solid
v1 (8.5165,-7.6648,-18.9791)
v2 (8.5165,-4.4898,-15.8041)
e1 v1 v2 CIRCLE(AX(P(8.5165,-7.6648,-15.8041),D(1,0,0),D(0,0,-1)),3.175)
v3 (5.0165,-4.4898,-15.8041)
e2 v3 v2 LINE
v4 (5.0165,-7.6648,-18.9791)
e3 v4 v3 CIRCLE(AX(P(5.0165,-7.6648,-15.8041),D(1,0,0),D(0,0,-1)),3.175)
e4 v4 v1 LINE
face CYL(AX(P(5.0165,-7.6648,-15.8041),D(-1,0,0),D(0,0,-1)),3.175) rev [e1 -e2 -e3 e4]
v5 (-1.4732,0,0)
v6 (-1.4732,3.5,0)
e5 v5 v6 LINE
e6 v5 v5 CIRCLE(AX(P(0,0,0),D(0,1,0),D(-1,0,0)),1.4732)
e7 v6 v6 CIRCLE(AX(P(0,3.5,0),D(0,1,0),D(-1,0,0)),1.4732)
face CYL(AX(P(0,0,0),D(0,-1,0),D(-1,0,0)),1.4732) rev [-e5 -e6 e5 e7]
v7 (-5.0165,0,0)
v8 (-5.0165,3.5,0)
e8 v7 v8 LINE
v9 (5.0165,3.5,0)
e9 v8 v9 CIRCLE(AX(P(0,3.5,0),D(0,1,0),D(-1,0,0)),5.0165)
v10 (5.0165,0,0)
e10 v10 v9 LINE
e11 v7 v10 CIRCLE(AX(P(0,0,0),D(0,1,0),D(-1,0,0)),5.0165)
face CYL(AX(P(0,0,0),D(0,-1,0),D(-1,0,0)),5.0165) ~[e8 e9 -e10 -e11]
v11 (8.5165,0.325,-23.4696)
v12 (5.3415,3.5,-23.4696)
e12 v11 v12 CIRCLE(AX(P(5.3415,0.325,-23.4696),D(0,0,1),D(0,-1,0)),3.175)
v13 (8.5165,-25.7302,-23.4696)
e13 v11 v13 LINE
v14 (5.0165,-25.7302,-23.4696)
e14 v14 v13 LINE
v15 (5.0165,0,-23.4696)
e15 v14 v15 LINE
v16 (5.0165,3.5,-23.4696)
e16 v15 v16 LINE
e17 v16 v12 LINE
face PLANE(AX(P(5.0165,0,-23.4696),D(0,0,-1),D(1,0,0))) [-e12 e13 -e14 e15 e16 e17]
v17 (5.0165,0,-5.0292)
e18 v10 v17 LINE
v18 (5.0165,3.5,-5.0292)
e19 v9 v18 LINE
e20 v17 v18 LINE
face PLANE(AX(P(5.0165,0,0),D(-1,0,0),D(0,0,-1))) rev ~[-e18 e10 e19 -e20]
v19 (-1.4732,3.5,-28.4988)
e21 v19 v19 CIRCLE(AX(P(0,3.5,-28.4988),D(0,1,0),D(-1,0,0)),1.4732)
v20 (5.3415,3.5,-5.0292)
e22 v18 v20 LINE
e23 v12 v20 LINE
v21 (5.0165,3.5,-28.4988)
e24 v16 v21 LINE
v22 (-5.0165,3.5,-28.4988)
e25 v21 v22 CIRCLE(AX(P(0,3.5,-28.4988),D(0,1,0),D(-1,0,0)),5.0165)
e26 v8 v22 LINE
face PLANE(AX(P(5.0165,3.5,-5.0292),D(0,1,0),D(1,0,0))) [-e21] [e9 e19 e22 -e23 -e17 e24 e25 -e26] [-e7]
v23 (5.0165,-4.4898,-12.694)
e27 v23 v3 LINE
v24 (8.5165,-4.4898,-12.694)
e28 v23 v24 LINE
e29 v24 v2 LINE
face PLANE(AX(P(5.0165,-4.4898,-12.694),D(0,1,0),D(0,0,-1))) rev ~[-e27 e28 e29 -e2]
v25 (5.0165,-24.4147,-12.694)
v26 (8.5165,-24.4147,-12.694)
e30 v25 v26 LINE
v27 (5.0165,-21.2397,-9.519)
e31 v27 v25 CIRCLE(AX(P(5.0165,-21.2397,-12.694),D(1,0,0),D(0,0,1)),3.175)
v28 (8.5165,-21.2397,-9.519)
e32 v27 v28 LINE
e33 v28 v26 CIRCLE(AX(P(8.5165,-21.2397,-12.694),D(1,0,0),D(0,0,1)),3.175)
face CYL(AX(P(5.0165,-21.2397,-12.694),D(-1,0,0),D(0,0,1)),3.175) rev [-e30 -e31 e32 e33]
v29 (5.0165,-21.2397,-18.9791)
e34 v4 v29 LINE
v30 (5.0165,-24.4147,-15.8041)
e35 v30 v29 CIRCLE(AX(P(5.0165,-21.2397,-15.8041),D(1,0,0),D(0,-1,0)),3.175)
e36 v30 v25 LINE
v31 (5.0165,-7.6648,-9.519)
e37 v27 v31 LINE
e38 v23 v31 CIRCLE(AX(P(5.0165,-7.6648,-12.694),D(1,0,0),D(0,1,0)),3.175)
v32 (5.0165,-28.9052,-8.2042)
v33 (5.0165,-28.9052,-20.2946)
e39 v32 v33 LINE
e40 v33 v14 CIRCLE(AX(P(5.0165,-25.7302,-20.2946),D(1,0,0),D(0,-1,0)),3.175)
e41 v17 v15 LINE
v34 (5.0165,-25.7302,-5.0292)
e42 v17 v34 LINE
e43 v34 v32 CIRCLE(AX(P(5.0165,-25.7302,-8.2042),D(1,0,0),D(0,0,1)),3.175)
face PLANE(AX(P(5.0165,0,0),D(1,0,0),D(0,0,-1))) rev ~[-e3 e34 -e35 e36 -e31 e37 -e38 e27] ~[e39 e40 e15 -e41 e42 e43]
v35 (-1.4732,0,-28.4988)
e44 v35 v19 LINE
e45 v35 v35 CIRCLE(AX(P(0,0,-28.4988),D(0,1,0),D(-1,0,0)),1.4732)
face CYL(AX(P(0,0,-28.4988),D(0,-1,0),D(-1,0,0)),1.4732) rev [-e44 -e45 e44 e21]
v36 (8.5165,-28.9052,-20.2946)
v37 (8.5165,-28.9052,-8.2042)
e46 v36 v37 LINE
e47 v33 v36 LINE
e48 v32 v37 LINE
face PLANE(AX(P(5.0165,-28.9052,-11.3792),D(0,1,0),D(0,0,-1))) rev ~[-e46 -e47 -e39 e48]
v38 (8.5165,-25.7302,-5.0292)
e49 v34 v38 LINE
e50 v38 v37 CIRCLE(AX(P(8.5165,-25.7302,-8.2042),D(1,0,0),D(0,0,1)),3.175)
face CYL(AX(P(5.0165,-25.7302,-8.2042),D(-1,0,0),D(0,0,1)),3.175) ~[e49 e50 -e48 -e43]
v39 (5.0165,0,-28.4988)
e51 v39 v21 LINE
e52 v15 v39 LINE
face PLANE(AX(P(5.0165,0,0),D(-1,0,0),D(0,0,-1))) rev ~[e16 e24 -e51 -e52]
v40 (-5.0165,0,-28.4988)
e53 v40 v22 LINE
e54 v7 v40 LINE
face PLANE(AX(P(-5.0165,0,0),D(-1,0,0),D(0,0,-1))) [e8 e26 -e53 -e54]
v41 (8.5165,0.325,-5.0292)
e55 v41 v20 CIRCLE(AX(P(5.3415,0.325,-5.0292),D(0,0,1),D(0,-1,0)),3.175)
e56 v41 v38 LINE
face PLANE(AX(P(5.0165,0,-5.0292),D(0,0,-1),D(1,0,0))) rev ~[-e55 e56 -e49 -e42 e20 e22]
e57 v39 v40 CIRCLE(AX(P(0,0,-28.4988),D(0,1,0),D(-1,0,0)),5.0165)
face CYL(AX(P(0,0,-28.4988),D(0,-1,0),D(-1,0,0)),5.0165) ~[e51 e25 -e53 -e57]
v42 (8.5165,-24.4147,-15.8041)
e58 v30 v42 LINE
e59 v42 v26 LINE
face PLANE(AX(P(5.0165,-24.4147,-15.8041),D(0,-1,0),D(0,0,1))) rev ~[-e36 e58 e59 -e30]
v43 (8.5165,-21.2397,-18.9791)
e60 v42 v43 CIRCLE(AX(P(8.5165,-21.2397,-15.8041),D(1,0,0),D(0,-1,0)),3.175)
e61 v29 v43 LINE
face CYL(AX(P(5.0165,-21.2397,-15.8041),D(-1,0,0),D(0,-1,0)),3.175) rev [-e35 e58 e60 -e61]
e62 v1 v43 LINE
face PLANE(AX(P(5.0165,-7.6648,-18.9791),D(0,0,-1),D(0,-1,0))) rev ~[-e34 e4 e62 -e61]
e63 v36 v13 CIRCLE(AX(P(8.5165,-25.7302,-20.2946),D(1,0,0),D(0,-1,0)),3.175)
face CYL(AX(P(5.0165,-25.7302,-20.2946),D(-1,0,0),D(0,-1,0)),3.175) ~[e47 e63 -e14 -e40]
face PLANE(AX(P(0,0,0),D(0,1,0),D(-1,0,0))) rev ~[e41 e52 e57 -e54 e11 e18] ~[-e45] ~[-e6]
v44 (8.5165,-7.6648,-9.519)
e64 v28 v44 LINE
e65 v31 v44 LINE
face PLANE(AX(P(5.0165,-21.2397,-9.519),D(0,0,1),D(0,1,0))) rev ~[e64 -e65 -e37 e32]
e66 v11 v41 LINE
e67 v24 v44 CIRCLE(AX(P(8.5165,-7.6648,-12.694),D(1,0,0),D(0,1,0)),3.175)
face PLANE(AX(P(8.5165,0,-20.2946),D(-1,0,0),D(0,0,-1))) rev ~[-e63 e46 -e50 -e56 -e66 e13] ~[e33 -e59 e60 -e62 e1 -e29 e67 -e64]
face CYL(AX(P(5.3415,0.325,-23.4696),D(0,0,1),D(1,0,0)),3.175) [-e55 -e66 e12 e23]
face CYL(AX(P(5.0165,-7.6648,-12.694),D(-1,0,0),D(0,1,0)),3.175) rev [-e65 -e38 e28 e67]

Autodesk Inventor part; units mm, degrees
ref_plane "YZ Plane" through (0, 0, 0) normal (1, 0, 0) x (0, 1, 0)
ref_plane "XZ Plane" through (0, 0, 0) normal (0, 1, 0) x (-1, 0, 0)
ref_plane "XY Plane" through (0, 0, 0) normal (0, 0, 1) x (1, 0, 0)
sketch "Sketch1" plane through (0, 0, 0) normal (0, 1, 0) x (-1, 0, 0)
  circle A0 centre (0, 0) radius 1.4732
  circle A1 centre (0, -28.4988) radius 1.4732
  circle A2 centre (0, 0) radius 5.0165
  circle A3 centre (0, -28.4988) radius 5.0165
  line L0 (5.0165, 0) -> (5.0165, -28.4988)
  line L1 (-5.0165, 0) -> (-5.0165, -28.4988)
  dimension "d0" = 2.9464
  dimension "d2" = 2.9464
  dimension "d3" = 10.033
  dimension "d4" = 10.033
extrude "Extrusion1" add sketch "Sketch1" along normal blind 3.5
sketch "Sketch2" plane through (5.0165, 0, 0) normal (1, 0, 0) x (0, 0, -1)
  line L0 (0, 0) -> (28.4988, 0) projected
  line L1 (0, 0) -> (5.0292, 0)
  line L2 (28.4988, 0) -> (28.4988, 3.5) projected
  line L3 (28.4988, 0) -> (23.4696, 0)
  line L4 (23.4696, 0) -> (5.0292, 0)
  line L5 (5.0292, 0) -> (5.0292, -25.7302)
  line L6 (8.2042, -28.9052) -> (20.2946, -28.9052)
  line L7 (23.4696, -25.7302) -> (23.4696, 0)
  line L8 (5.0292, 0) -> (23.4696, 0)
  line L9 (5.0292, 0) -> (11.3792, 0)
  line L10 (23.4696, 0) -> (17.1196, 0)
  line L11 (5.0292, -28.9052) -> (11.3792, -28.9052)
  arc A0 (5.0292, -25.7302) -> (8.2042, -28.9052) centre (8.2042, -25.7302) ccw
  arc A1 (20.2946, -28.9052) -> (23.4696, -25.7302) centre (20.2946, -25.7302) ccw
  line L12 (15.8041, -24.4147) -> (12.694, -24.4147)
  line L13 (12.694, -4.4898) -> (15.8041, -4.4898)
  line L14 (18.9791, -7.6648) -> (18.9791, -21.2397)
  line L15 (9.519, -21.2397) -> (9.519, -7.6648)
  arc A2 (12.694, -4.4898) -> (9.519, -7.6648) centre (12.694, -7.6648) ccw
  arc A3 (9.519, -21.2397) -> (12.694, -24.4147) centre (12.694, -21.2397) ccw
  arc A4 (15.8041, -24.4147) -> (18.9791, -21.2397) centre (15.8041, -21.2397) ccw
  arc A5 (18.9791, -7.6648) -> (15.8041, -4.4898) centre (15.8041, -7.6648) ccw
  point P0 (9.519, -24.4147)
  dimension "d7" = 5.0292
  dimension "d8" = 5.0292
  dimension "d9" = 28.9052
  dimension "d10" = 6.35
  dimension "d14" = 6.35
  dimension "d17" = 3.175
  dimension "d23" = 6.35
  dimension "d25" = 3.175
extrude "Extrusion4" add sketch "Sketch2" along normal blind 3.5
sketch "Sketch4" plane through (5.0165, 0, -5.0292) normal (0, 1, 0) x (1, 0, 0)
  line L0 (0, 0) -> (3.5, 0) projected
  line L1 (3.5, 15.2654) -> (3.5, 18.4404) projected
  line L2 (3.5, 0) -> (3.5, 18.4404)
  line L3 (0, 18.4404) -> (3.5, 18.4404) projected
  line L4 (3.5, 18.4404) -> (0, 18.4404)
  line L5 (0, 18.4404) -> (0, 0)
  line L6 (0, 0) -> (3.5, 0)
  point P0 (-5.0165, -5.0292)
extrude "Extrusion5" add sketch "Sketch4" along normal blind 3.5
fillet "Fillet3" radius 3.175 1 edges at (8.5165, 3.5, -14.2494)
properties part number "frontbackmount"
